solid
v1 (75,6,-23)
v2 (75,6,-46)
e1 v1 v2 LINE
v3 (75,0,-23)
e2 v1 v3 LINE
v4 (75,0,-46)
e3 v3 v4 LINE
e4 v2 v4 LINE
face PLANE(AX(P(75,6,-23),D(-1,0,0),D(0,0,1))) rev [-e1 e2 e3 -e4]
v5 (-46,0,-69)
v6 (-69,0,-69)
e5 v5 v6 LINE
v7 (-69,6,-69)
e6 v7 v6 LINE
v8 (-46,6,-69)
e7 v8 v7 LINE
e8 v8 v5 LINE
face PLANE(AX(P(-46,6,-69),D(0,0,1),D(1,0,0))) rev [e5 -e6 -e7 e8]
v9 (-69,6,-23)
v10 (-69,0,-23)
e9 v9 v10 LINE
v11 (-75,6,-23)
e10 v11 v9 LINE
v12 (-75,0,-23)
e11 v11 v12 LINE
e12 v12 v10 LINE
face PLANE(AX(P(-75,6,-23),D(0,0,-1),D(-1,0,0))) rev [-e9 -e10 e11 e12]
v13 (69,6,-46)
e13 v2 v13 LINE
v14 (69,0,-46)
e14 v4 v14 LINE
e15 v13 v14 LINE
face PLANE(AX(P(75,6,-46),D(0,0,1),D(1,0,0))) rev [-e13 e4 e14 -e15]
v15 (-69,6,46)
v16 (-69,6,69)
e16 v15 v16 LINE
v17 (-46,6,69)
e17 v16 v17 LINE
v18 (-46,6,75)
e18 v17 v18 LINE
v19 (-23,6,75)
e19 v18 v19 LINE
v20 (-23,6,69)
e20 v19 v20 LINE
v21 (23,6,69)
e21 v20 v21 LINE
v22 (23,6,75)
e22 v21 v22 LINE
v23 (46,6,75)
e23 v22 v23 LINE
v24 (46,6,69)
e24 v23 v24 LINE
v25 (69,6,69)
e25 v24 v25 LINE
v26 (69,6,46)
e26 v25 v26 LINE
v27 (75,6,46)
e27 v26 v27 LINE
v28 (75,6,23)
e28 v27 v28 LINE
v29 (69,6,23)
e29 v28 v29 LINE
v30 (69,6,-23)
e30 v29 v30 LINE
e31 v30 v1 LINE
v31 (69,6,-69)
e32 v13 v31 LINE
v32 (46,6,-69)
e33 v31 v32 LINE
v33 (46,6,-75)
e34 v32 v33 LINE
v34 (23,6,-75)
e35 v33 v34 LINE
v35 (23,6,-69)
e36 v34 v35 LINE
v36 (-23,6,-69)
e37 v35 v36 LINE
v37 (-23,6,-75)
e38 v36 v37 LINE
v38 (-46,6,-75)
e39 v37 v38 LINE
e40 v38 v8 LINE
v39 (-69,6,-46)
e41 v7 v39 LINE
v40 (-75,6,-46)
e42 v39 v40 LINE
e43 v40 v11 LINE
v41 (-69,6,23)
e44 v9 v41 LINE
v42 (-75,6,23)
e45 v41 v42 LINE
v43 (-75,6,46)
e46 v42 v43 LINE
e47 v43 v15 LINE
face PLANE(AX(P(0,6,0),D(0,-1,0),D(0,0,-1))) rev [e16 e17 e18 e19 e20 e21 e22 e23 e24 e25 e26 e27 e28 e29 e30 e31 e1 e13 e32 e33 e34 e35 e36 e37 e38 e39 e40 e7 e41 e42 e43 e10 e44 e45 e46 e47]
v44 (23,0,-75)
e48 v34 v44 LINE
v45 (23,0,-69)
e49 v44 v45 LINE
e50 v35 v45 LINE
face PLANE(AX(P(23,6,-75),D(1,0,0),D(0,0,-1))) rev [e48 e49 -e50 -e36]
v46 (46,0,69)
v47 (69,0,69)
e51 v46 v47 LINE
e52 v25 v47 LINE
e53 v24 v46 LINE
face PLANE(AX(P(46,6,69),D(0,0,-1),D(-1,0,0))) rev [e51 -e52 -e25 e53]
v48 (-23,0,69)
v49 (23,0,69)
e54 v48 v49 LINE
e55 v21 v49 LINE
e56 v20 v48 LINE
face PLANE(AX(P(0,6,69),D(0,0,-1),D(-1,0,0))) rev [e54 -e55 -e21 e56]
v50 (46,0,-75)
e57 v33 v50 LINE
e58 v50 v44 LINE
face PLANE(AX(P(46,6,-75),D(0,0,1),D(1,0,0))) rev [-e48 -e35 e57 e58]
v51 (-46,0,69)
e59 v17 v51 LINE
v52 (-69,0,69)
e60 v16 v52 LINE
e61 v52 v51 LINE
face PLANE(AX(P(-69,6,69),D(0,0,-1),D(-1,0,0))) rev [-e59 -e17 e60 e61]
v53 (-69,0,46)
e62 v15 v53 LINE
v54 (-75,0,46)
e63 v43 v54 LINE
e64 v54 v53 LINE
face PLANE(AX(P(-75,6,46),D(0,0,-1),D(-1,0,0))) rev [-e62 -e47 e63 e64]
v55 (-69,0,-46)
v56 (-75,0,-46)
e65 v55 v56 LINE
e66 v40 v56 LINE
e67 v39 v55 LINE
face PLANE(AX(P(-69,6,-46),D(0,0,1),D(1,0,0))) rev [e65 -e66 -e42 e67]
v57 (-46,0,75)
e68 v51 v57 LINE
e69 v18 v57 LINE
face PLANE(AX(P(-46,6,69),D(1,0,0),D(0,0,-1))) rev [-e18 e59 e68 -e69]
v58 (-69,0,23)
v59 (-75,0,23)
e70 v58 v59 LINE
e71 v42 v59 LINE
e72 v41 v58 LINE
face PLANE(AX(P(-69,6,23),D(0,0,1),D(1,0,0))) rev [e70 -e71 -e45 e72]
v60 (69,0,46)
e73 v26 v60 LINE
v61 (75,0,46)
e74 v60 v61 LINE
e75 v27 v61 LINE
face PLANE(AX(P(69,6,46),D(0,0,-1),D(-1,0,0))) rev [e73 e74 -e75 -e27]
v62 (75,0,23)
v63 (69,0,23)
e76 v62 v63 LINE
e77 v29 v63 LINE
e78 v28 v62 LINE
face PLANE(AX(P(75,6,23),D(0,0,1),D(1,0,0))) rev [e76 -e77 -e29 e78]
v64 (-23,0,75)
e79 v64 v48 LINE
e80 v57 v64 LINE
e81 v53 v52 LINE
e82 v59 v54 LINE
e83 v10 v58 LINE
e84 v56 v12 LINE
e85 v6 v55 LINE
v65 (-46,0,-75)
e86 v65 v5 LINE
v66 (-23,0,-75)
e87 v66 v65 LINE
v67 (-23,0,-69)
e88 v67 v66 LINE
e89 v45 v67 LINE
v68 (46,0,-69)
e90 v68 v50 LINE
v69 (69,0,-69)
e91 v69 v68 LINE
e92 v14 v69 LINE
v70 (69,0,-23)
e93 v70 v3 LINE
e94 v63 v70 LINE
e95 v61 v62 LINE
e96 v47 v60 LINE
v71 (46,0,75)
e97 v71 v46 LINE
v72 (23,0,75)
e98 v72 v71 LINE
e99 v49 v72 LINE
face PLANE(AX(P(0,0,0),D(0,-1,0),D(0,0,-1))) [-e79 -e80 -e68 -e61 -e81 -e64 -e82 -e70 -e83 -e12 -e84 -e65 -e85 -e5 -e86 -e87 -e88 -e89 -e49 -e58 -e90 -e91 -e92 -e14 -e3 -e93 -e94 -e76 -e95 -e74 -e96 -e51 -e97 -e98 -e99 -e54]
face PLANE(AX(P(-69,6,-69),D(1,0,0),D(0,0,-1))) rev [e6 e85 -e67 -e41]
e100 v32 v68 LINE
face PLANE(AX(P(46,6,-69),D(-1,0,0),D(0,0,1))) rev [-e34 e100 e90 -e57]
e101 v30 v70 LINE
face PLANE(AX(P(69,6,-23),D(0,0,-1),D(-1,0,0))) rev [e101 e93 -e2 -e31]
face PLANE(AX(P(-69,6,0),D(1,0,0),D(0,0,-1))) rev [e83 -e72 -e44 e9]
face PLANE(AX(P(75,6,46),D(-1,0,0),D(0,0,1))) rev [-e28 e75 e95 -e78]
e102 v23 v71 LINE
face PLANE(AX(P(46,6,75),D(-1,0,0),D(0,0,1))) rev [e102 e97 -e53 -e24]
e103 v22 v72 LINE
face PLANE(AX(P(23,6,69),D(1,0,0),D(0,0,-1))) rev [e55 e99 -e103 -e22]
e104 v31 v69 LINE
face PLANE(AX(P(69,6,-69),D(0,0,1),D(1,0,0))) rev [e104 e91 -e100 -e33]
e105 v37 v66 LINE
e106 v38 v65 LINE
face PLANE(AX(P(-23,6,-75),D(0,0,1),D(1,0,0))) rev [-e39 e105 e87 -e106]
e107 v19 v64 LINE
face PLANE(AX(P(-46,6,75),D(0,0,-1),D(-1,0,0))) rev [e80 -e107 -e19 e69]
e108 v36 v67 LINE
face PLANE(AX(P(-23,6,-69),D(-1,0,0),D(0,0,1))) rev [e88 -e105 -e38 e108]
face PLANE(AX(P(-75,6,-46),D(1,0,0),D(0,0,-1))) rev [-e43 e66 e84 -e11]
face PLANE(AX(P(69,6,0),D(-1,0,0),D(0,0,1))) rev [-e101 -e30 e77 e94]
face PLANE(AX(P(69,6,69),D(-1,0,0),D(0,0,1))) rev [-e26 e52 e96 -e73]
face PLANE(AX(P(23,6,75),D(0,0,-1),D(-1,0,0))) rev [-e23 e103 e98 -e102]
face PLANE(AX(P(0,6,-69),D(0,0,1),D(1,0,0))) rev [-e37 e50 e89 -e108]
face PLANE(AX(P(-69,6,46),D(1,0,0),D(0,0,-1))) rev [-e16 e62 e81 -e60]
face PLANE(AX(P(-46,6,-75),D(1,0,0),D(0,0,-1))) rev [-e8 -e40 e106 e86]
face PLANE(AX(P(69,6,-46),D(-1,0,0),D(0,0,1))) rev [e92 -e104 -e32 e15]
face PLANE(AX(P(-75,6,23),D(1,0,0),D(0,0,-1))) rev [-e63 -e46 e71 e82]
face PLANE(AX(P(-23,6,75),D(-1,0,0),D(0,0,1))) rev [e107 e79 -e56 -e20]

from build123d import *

# Parameters (mm, degrees)
BOSS_EXTRUDE1_DEPTH = 6


with BuildPart() as part:
    # Sketch1 → Boss-Extrude1 (new body)
    with BuildSketch(Plane(origin=(0, 0, 0), x_dir=(1, 0, 0), z_dir=(0, 1, 0))):
        Polygon((0, 69), (-23, 69), (-23, 75), (-46, 75), (-46, 69), (-69, 69), (-69, 46), (-75, 46), (-75, 23), (-69, 23), (-69, 0), (-69, -23), (-75, -23), (-75, -46), (-69, -46), (-69, -69), (-46, -69), (-46, -75), (-23, -75), (-23, -69), (0, -69), (23, -69), (23, -75), (46, -75), (46, -69), (69, -69), (69, -46), (75, -46), (75, -23), (69, -23), (69, 0), (69, 23), (75, 23), (75, 46), (69, 46), (69, 69), (46, 69), (46, 75), (23, 75), (23, 69), align=None)
    extrude(amount=BOSS_EXTRUDE1_DEPTH)


solid = part.part
